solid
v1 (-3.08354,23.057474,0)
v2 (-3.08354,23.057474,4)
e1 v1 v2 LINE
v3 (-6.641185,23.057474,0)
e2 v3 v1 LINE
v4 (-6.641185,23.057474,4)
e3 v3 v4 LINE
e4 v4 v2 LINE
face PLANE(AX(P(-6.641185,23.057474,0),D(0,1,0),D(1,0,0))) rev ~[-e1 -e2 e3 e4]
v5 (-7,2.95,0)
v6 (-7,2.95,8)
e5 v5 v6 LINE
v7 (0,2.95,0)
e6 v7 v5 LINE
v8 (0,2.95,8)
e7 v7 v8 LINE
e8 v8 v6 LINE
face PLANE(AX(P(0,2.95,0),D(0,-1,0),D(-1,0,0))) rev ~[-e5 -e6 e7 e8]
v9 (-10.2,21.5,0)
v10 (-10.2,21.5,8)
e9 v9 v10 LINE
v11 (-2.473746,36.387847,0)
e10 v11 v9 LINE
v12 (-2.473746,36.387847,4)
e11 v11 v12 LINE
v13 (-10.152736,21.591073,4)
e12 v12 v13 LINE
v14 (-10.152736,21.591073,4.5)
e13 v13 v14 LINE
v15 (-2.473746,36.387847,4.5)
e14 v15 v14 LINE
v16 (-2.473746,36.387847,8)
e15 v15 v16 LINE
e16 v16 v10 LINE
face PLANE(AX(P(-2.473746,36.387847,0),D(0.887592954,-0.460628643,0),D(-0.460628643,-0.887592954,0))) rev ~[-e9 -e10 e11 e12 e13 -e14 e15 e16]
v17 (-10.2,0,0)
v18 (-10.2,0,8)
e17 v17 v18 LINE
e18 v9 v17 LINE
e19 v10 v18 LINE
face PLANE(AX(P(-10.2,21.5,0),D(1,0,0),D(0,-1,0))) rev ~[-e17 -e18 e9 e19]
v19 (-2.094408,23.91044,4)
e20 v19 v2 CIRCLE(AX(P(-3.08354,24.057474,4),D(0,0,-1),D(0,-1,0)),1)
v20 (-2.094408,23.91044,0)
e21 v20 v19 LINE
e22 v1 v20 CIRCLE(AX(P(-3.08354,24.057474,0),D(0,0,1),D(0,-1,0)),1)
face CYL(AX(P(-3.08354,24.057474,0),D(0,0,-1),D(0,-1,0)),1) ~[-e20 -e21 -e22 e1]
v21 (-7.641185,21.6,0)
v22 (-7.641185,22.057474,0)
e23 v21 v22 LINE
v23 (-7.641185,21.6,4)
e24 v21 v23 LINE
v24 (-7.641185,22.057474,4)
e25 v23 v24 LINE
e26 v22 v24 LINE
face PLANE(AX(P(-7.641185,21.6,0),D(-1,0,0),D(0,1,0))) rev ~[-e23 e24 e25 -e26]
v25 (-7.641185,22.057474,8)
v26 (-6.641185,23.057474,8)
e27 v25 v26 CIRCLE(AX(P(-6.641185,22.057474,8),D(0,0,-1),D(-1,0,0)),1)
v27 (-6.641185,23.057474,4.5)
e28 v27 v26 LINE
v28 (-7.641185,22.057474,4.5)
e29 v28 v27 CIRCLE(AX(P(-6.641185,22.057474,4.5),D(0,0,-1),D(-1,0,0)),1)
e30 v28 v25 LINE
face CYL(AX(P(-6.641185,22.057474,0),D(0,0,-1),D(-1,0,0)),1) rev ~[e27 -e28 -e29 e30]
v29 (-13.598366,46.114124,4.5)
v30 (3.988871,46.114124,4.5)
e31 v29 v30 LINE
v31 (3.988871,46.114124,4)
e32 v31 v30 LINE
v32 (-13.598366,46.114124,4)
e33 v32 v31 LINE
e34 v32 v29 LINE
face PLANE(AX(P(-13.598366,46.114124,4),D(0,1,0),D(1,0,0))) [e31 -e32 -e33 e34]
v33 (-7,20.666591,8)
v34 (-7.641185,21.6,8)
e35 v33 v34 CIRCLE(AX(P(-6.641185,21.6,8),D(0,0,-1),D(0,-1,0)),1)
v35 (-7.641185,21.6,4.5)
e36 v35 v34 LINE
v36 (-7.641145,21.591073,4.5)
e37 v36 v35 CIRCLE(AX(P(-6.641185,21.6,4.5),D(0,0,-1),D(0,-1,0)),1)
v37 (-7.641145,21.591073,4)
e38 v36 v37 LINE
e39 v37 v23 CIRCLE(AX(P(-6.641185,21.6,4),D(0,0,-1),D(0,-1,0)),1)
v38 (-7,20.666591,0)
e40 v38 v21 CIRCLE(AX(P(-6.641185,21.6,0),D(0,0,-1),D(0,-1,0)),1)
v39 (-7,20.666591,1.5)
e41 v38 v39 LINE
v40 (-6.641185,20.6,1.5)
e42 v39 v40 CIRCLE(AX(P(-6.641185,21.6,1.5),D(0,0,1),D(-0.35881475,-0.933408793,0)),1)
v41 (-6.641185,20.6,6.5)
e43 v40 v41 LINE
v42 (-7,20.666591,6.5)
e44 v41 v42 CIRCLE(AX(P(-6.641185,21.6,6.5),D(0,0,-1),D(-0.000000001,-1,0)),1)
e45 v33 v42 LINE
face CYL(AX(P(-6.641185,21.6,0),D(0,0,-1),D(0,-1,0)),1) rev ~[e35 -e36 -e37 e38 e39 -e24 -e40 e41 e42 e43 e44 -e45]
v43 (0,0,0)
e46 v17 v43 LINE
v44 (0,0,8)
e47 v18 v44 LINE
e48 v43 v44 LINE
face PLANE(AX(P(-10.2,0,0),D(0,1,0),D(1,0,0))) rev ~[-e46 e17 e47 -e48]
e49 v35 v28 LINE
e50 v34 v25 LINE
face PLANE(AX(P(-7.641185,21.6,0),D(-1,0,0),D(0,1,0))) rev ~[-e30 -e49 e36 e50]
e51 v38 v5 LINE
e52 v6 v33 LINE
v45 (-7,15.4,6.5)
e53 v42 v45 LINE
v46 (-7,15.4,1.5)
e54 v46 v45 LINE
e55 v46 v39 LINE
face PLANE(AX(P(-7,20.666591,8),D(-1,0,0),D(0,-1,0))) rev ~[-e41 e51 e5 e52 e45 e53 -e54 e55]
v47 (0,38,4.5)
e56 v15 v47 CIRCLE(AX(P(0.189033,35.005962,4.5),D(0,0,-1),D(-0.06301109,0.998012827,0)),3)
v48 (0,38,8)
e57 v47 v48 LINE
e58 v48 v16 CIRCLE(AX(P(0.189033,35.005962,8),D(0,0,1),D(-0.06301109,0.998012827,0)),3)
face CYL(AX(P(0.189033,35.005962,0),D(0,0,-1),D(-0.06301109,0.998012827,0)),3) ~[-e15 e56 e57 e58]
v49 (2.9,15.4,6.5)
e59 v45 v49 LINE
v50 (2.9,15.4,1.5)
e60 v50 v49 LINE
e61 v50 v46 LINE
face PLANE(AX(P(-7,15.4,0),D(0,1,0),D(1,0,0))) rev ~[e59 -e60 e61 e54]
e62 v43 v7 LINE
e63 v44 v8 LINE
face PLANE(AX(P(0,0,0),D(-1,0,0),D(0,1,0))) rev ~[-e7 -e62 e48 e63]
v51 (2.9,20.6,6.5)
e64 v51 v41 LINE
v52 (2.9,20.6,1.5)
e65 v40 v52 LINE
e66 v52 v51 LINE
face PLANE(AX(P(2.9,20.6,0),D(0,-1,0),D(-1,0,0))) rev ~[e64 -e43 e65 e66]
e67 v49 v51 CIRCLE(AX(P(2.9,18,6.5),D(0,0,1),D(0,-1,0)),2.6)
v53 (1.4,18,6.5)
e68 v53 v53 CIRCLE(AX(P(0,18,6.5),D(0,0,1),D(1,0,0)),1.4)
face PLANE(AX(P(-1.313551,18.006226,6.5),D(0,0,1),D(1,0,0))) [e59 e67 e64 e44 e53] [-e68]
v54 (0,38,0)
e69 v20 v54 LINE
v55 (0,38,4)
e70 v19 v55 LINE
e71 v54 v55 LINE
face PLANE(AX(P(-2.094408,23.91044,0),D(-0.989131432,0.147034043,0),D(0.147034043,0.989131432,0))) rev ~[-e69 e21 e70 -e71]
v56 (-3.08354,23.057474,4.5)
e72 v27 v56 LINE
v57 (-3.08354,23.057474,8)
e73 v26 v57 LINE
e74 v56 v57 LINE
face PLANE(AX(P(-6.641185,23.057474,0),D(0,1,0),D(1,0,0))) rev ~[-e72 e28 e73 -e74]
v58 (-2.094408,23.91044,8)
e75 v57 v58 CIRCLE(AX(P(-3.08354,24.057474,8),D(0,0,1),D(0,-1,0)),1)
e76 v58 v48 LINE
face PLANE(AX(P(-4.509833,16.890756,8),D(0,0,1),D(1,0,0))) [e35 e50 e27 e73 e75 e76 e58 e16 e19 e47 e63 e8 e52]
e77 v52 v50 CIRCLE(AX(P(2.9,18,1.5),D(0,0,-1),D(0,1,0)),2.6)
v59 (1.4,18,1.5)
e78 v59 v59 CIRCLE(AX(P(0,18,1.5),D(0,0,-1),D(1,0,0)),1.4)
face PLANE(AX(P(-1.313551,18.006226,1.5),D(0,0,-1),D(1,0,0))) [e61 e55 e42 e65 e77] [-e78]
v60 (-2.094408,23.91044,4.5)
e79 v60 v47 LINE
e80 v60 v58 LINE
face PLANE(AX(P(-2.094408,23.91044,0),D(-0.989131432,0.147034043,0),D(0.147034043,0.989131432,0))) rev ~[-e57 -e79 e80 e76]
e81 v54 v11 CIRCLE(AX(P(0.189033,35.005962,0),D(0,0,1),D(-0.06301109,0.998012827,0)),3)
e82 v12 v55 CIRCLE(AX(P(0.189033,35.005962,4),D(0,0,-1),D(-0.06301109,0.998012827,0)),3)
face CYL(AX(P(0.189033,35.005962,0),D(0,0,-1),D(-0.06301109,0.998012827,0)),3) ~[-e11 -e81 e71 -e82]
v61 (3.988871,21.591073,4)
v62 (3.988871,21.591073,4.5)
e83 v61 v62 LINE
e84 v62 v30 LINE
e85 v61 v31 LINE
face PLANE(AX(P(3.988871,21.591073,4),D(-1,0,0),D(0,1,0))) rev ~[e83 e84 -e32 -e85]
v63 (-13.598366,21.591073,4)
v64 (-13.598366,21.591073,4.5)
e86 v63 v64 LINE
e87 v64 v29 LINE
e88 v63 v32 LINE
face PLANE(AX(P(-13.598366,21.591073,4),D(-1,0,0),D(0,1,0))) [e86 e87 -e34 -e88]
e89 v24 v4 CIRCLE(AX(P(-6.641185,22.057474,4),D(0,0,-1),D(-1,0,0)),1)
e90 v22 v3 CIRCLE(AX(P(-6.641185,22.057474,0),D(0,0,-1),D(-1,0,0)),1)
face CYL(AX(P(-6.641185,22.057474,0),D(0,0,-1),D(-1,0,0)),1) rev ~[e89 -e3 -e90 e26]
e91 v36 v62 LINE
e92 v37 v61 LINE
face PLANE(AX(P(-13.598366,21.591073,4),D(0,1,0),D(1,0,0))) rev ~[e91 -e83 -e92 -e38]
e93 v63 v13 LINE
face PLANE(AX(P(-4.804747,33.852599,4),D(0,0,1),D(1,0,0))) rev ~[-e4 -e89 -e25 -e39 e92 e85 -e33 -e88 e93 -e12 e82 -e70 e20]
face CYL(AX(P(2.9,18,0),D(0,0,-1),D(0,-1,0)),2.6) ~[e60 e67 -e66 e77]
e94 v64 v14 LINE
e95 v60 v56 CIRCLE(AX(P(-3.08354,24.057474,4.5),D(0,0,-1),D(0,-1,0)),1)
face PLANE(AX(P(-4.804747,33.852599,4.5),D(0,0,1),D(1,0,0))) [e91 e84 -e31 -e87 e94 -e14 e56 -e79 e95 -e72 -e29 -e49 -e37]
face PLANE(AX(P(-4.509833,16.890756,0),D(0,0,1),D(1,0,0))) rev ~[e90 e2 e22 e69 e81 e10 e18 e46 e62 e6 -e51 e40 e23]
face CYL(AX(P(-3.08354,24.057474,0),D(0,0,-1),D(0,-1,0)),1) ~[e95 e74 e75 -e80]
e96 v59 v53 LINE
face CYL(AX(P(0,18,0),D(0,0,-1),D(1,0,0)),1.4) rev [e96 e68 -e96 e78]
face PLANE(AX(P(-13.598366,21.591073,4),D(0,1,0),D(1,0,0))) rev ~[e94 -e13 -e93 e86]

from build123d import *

# Parameters (mm, degrees)
F0_R     = 1.4
F1_DEPTH = 8
F3_W     = 17.5872370601
F3_H     = 24.5230514556
F4_DEPTH = 0.5
F5_R     = 1.4
F6_DEPTH = 1.5
F7_R     = 1.4
F8_DEPTH = 1.5


with BuildPart() as f1:
    # F0 (on Top) → F1 (new body)
    with BuildSketch(Plane.XY):
        with BuildLine():
            Line((-10.2, 0), (0, 0))
            Line((0, 0), (0, 2.95))
            Line((0, 2.95), (-7, 2.95))
            Line((-7, 2.95), (-7, 15.4))
            Line((-7, 15.4), (2.9, 15.4))
            ThreePointArc((2.9, 15.4), (5.5, 18), (2.9, 20.6))
            Line((2.9, 20.6), (-6.6411852492, 20.6))
            ThreePointArc((-6.6411852492, 20.6), (-7.3482920304, 20.8928932188), (-7.6411852492, 21.6))
            Line((-7.6411852492, 21.6), (-7.6411852492, 22.0574738234))
            ThreePointArc((-7.6411852492, 22.0574738234), (-7.3482920304, 22.7645806046), (-6.6411852492, 23.0574738234))
            Line((-6.6411852492, 23.0574738234), (-3.0835396533, 23.0574738234))
            ThreePointArc((-3.0835396533, 23.0574738234), (-2.4304830107, 23.3001647574), (-2.0944082211, 23.9104397804))
            Line((-2.0944082211, 23.9104397804), (0, 38))
            ThreePointArc((0, 38), (-1.4489432485, 37.5193323495), (-2.4737455949, 36.3878474497))
            Line((-2.4737455949, 36.3878474497), (-10.2, 21.5))
            Line((-10.2, 21.5), (-10.2, 2.95))
            Line((-10.2, 2.95), (-10.2, 0))
        make_face()
        with Locations((0, 18)):
            Circle(F0_R, mode=Mode.SUBTRACT)
    extrude(amount=F1_DEPTH)

    # F3 (on mid) → F4 (join)
    with BuildSketch(Plane.XY.offset(4)):
        with Locations((-4.8047471792, 33.8525986299)):
            Rectangle(F3_W, F3_H)
    extrude(amount=F4_DEPTH)

    # F5 (on face) → F6 (cut)
    with BuildSketch(Plane.XY.offset(8)):
        with BuildLine():
            Line((-7, 20.6665912071), (-7, 15.4))
            Line((-7, 15.4), (2.9, 15.4))
            ThreePointArc((2.9, 15.4), (5.5, 18), (2.9, 20.6))
            Line((2.9, 20.6), (-6.6411852492, 20.6))
            ThreePointArc((-6.6411852492, 20.6), (-6.8236560785, 20.6167887326), (-7, 20.6665912071))
        make_face()
        with Locations((0, 18)):
            Circle(F5_R, mode=Mode.SUBTRACT)
    extrude(amount=-F6_DEPTH, mode=Mode.SUBTRACT)

    # F7 (on face) → F8 (cut)
    with BuildSketch(Plane(origin=(0, 0, 0), x_dir=(1, 0, 0), z_dir=(0, 0, -1))):
        with BuildLine():
            Line((2.9, -15.4), (-7, -15.4))
            Line((-7, -15.4), (-7, -20.6665912071))
            ThreePointArc((-7, -20.6665912071), (-6.8236560785, -20.6167887326), (-6.6411852492, -20.6))
            Line((-6.6411852492, -20.6), (2.9, -20.6))
            ThreePointArc((2.9, -20.6), (5.5, -18), (2.9, -15.4))
        make_face()
        with Locations((0, -18)):
            Circle(F7_R, mode=Mode.SUBTRACT)
    extrude(amount=-F8_DEPTH, mode=Mode.SUBTRACT)


solid = f1.part
